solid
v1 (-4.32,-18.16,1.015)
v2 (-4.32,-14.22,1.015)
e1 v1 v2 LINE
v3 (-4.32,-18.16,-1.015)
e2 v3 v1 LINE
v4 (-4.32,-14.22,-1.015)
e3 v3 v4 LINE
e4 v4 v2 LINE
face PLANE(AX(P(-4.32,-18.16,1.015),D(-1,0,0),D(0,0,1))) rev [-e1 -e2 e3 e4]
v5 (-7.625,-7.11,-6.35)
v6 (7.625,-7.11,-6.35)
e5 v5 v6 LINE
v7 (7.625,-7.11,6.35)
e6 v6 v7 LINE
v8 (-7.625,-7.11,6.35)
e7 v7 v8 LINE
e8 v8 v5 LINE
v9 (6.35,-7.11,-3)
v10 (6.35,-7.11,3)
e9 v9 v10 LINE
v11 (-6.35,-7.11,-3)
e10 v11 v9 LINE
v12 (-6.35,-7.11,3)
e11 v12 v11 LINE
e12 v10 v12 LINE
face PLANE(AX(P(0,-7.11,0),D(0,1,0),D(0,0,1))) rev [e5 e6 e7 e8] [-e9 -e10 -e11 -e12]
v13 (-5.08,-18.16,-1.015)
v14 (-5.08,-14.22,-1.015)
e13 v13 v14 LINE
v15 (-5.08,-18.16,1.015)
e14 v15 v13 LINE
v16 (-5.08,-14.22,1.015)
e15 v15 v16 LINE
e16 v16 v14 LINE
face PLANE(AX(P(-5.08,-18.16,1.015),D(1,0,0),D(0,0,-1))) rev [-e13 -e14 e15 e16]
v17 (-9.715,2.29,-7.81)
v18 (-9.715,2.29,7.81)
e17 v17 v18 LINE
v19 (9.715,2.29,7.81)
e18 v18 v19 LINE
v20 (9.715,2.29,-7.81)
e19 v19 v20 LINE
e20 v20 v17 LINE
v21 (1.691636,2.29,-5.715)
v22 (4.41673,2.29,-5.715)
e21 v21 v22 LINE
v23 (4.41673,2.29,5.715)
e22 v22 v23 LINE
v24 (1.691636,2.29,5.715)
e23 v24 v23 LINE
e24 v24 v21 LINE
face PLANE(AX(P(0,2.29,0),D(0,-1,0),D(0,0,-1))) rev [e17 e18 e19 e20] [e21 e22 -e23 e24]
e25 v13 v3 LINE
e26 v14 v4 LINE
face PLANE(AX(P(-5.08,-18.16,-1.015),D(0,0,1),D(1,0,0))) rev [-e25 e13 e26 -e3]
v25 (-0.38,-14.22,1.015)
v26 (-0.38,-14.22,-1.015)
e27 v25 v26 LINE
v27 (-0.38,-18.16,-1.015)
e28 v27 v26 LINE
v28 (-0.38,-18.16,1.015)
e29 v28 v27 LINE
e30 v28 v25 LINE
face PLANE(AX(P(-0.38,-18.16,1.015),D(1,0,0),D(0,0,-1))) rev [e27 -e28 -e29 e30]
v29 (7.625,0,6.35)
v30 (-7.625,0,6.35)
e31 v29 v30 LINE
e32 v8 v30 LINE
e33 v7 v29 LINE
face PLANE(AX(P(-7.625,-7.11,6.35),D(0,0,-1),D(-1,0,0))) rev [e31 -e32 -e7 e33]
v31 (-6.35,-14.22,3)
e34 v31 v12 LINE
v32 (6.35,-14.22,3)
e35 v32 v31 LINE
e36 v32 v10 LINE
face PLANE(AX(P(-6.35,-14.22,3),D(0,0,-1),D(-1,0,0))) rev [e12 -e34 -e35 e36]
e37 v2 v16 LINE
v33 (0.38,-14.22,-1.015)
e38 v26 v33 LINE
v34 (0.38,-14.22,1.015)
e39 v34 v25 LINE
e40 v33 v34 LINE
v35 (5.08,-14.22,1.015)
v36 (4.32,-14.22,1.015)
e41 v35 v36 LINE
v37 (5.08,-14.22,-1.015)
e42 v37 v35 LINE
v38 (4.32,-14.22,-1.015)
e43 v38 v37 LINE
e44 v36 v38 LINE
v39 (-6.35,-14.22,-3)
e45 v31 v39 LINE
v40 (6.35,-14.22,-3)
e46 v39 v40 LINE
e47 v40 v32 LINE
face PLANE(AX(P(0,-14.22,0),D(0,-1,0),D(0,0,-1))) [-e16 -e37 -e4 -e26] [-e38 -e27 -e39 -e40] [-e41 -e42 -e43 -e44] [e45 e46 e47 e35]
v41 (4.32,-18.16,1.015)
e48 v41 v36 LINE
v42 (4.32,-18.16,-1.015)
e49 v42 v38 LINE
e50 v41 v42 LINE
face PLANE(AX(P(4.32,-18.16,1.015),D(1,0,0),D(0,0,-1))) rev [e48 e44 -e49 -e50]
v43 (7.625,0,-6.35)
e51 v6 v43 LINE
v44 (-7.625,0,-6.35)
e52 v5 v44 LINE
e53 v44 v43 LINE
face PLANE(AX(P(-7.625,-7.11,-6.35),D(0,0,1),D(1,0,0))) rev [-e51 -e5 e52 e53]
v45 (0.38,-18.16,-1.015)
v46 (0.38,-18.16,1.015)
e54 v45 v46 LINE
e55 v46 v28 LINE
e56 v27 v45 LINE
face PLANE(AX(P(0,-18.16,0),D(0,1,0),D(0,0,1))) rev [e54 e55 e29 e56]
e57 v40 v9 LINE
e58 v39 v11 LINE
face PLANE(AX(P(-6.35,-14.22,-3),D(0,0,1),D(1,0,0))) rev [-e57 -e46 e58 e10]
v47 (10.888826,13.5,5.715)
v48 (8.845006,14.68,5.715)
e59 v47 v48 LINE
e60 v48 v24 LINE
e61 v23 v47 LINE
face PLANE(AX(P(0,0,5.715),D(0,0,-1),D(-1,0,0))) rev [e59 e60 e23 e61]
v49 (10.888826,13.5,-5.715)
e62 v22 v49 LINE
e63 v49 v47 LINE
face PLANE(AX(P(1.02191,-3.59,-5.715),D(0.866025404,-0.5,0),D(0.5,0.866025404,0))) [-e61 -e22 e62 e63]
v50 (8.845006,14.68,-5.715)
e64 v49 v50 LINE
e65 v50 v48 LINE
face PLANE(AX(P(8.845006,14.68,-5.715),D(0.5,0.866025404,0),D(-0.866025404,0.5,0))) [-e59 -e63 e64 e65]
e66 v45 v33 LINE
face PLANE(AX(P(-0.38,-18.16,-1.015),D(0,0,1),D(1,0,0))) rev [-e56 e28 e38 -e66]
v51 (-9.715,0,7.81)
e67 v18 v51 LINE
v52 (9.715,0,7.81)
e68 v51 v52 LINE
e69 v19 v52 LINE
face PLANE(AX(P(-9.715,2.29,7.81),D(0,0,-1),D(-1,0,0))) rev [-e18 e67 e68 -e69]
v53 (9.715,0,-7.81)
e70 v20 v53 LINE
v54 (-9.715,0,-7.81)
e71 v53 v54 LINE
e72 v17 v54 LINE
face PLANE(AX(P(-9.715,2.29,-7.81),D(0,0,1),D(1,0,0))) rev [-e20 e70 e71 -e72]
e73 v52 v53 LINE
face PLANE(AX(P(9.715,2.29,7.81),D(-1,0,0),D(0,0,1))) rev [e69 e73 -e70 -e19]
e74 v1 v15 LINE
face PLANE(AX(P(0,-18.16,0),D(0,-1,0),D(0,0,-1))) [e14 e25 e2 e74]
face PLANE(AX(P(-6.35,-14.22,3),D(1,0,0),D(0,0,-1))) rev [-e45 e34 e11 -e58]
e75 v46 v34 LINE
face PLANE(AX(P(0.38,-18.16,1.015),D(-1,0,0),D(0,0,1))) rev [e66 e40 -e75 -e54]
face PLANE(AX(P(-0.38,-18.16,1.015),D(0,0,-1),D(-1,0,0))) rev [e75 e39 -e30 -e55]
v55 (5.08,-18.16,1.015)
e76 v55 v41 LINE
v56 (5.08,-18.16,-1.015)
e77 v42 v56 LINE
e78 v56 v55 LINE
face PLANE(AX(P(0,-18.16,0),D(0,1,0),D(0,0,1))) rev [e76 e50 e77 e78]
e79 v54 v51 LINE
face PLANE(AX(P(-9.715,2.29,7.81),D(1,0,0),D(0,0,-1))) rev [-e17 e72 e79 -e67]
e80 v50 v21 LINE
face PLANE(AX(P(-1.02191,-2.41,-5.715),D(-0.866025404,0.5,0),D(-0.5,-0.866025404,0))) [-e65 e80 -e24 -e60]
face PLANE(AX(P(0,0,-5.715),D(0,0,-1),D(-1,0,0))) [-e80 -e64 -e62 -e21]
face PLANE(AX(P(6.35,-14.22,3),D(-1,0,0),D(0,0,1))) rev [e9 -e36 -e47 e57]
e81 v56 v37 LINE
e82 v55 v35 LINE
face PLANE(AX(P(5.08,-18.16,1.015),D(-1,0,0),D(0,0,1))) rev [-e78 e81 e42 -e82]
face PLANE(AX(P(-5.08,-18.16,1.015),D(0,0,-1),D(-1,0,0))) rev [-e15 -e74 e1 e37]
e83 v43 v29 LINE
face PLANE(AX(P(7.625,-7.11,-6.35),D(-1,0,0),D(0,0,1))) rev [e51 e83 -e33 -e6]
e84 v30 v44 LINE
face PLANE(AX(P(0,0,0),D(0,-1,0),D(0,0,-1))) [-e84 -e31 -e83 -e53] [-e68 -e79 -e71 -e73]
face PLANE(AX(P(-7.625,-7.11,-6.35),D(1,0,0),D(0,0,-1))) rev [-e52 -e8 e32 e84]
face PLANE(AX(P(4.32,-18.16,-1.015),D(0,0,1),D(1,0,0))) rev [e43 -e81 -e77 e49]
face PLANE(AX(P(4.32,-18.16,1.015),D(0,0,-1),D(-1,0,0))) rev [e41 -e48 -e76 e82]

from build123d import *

# Parameters (mm, degrees)
SKETCH1_W                = 19.43
SKETCH1_H                = 15.62
BOSS_EXTRUDE1_DEPTH      = 2.29
SKETCH5_W                = 15.25
SKETCH5_H                = 12.7
BOSS_EXTRUDE2_DEPTH      = 7.11
SKETCH6_W                = 12.7
SKETCH6_H                = 6
BOSS_EXTRUDE3_DEPTH      = 7.11
SKETCH7_W                = 0.76
SKETCH7_H                = 2.03
BOSS_EXTRUDE4_DEPTH      = 3.94
BOSS_EXTRUDE5_DEPTH      = 5.715
BOSS_EXTRUDE5_DEPTH_BACK = 5.715


with BuildPart() as part:
    # Sketch1 → Boss-Extrude1 (new body)
    with BuildSketch(Plane(origin=(0, 0, 0), x_dir=(1, 0, 0), z_dir=(0, 1, 0))):
        Rectangle(SKETCH1_W, SKETCH1_H)
    extrude(amount=BOSS_EXTRUDE1_DEPTH)

    # Sketch5 → Boss-Extrude2 (add)
    with BuildSketch(Plane.XZ):
        Rectangle(SKETCH5_W, SKETCH5_H)
    extrude(amount=BOSS_EXTRUDE2_DEPTH)

    # Sketch6 → Boss-Extrude3 (add)
    with BuildSketch(Plane.XZ.offset(7.11)):
        Rectangle(SKETCH6_W, SKETCH6_H)
    extrude(amount=BOSS_EXTRUDE3_DEPTH)

    # Sketch7 → Boss-Extrude4 (add)
    with BuildSketch(Plane.XZ.offset(14.22)):
        Rectangle(SKETCH7_W, SKETCH7_H)
        with Locations((-4.7, 0)):
            Rectangle(SKETCH7_W, SKETCH7_H)
        with Locations((4.7, 0)):
            Rectangle(SKETCH7_W, SKETCH7_H)
    extrude(amount=BOSS_EXTRUDE4_DEPTH)

    # Sketch8 → Boss-Extrude5 (add, two sides: drawn at the far end of the back side and taken through both)
    with BuildSketch(Plane.XY.offset(-BOSS_EXTRUDE5_DEPTH_BACK)):
        Polygon((-1.021909976, -2.41), (1.021909976, -3.59), (10.888826077, 13.5), (8.845006124, 14.68), align=None)
    extrude(amount=BOSS_EXTRUDE5_DEPTH + BOSS_EXTRUDE5_DEPTH_BACK)


solid = part.part
